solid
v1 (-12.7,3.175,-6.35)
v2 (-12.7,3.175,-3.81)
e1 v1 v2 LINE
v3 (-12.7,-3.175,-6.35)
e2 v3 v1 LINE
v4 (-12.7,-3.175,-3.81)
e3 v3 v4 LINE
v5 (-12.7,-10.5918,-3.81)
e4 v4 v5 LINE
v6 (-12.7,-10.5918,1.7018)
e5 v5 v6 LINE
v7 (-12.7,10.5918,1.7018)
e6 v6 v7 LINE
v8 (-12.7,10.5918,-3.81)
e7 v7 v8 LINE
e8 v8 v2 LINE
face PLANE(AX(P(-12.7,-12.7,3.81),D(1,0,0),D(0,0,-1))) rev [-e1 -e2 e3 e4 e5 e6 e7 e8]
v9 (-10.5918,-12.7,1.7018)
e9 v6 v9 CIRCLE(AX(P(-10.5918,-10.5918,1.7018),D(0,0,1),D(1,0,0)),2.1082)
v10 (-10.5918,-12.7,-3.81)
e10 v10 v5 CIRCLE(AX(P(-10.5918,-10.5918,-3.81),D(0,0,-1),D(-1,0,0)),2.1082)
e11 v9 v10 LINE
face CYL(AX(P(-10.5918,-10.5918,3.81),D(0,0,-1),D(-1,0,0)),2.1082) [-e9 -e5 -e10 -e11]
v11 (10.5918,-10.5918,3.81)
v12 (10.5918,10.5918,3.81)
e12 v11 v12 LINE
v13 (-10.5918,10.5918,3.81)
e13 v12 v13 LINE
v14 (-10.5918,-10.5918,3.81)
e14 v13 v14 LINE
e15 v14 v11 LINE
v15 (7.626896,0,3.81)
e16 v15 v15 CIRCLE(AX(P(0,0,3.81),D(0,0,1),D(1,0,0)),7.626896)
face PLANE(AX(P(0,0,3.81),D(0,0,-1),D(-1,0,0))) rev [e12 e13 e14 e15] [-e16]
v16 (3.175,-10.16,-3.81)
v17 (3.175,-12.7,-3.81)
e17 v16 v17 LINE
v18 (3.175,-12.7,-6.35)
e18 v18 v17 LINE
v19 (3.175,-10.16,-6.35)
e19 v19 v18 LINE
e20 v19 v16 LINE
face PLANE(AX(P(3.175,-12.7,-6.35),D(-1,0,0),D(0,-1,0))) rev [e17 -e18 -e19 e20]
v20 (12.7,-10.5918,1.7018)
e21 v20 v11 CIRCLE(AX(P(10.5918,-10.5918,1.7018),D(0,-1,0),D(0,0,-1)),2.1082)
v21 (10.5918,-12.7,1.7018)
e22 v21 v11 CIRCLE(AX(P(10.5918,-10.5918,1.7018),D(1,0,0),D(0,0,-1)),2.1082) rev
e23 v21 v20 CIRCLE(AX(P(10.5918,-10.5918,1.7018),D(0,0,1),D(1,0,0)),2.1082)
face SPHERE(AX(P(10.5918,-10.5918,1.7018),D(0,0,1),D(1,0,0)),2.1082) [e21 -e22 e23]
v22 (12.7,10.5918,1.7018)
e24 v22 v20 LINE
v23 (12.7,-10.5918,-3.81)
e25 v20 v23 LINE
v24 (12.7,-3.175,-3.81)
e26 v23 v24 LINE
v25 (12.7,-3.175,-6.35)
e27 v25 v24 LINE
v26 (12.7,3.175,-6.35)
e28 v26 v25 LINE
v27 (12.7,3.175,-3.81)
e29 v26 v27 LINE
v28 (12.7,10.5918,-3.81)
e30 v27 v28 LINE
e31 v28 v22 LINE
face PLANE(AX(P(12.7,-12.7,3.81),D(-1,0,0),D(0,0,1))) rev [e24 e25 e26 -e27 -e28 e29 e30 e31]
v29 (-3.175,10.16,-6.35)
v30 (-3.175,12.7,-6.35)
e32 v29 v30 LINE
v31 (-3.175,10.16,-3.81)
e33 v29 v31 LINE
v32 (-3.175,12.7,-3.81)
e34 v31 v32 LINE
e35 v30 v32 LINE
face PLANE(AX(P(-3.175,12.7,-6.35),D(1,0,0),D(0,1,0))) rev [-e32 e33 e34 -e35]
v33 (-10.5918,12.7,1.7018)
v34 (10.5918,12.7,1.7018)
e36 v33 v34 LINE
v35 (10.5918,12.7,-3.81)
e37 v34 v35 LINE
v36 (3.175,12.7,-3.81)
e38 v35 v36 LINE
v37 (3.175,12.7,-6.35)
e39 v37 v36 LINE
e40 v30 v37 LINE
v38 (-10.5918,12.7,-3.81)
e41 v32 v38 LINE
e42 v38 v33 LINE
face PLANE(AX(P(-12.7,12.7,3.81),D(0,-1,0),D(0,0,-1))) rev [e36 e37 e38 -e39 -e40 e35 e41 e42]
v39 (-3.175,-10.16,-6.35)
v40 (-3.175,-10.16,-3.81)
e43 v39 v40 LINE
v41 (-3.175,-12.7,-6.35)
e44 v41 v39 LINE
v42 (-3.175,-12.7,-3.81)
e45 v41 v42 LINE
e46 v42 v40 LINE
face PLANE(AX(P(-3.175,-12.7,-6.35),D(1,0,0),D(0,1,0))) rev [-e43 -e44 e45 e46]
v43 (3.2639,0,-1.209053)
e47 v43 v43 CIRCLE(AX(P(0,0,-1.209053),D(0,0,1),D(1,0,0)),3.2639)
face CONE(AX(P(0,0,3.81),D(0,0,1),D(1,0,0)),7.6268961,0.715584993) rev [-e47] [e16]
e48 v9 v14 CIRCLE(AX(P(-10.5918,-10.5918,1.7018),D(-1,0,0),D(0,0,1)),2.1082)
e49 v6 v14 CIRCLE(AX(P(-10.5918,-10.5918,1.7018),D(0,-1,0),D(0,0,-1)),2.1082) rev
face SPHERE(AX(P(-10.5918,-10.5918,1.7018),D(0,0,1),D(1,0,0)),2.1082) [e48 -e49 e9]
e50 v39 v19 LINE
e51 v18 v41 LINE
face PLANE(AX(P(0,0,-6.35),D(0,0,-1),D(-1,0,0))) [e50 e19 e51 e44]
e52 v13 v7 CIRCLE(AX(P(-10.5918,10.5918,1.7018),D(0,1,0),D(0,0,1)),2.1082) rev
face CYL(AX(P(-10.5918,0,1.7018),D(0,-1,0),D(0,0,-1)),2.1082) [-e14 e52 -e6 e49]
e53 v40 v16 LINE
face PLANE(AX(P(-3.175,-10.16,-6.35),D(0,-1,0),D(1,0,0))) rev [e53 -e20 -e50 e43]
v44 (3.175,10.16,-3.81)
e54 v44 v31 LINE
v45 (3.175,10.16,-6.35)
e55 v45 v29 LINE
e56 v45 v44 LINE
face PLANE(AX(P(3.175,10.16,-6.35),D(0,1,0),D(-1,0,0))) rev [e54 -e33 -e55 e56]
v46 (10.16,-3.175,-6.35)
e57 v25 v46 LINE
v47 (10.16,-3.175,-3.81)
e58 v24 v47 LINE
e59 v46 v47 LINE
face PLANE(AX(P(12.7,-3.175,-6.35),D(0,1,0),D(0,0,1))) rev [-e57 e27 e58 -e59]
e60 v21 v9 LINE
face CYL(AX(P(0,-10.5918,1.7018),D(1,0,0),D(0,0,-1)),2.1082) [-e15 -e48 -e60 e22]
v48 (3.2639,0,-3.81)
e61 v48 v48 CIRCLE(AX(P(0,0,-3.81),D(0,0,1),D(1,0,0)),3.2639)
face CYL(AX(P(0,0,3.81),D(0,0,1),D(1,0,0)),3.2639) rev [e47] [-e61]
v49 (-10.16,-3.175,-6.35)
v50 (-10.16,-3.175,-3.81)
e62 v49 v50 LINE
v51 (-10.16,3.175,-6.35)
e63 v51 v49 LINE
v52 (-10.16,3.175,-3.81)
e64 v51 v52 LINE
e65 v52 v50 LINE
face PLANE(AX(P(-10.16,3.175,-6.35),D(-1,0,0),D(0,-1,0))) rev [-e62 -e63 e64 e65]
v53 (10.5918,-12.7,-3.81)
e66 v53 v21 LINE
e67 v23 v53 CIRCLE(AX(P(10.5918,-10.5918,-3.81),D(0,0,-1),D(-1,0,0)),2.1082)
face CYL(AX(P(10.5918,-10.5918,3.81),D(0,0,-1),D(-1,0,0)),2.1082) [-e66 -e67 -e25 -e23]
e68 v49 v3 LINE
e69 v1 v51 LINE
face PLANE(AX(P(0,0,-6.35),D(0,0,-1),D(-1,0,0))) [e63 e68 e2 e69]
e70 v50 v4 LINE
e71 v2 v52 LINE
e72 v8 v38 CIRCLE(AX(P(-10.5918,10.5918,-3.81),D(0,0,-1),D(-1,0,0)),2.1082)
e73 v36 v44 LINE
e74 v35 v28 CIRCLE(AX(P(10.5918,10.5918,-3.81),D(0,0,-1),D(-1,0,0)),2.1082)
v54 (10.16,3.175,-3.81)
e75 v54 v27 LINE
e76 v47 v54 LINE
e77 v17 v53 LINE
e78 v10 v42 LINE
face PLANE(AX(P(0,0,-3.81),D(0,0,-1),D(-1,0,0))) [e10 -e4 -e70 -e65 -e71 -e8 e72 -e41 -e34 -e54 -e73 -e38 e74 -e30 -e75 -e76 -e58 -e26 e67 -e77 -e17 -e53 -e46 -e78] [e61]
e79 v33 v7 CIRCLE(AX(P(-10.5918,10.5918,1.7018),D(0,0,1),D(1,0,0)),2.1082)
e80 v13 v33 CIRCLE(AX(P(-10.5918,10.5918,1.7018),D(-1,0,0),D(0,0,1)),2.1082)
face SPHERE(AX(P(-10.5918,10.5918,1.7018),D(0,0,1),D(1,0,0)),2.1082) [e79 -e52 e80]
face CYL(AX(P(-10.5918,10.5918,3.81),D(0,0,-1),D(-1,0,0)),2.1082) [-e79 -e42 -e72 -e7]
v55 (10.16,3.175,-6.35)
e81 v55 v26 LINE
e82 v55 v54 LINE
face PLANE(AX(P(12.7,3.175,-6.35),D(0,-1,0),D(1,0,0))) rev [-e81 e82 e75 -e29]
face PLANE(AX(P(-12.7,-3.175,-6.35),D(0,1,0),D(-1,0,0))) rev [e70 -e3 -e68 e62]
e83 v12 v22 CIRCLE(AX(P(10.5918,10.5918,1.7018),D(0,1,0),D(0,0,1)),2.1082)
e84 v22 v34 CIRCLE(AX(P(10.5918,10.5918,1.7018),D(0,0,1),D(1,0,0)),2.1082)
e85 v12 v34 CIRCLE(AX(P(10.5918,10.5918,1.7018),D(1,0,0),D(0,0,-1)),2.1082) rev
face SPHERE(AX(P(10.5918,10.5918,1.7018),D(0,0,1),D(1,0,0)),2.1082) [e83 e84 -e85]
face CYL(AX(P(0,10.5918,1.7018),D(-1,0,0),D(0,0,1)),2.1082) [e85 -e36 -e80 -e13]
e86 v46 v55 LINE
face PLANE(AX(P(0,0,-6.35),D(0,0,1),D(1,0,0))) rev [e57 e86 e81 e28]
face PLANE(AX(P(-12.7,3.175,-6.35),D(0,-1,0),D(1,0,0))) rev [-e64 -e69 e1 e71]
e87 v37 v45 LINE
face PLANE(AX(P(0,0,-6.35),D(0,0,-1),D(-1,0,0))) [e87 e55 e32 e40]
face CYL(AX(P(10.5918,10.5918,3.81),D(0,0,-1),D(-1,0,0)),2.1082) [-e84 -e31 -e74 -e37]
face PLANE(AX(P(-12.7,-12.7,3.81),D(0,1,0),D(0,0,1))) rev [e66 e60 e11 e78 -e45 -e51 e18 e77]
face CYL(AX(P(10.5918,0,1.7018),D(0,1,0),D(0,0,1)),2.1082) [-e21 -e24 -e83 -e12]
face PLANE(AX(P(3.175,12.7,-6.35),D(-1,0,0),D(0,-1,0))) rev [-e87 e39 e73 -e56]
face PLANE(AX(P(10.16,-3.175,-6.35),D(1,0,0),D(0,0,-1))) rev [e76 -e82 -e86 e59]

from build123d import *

# Parameters (mm, degrees)
SKETCH1_W           = 25.4
SKETCH1_H           = 25.4
BOSS_EXTRUDE1_DEPTH = 3.81
FILLET1_R           = 2.1082
SKETCH4_W           = 6.35
SKETCH4_H           = 2.54
SKETCH4_W_2         = 2.54
SKETCH4_H_2         = 6.35
BOSS_EXTRUDE2_DEPTH = 2.54


with BuildPart() as part:
    # Sketch1 → Boss-Extrude1 (new body, symmetric)
    with BuildSketch(Plane.XY):
        Rectangle(SKETCH1_W, SKETCH1_H)
    extrude(amount=BOSS_EXTRUDE1_DEPTH, both=True)

    # Sketch3 → CSK for 1/4 Flat Head Socket Cap Screw1 (revolve, cut)
    with BuildSketch(Plane(origin=(0, 0, 3.81), x_dir=(0, -1, 0), z_dir=(1, 0, 0))):
        Polygon((0, 0), (0, 7.62), (3.2639, 7.62), (3.2639, 5.019052874), (7.6268961, 0), align=None)
    revolve(axis=Axis((0, 0, 10.16), (0, 0, -1)), mode=Mode.SUBTRACT)

    # Fillet1
    fillet1_edges = [part.edges().sort_by_distance(p)[0] for p in [
        (-12.7, 0, 3.81),
        (0, -12.7, 3.81),
        (12.7, 0, 3.81),
        (12.7, -12.7, 0),
        (-12.7, -12.7, 0),
        (-12.7, 12.7, 0),
        (12.7, 12.7, 0),
        (0, 12.7, 3.81),
    ]]
    fillet(fillet1_edges, radius=FILLET1_R)

    # Sketch4 → Boss-Extrude2 (add)
    with BuildSketch(Plane(origin=(0, 0, -3.81), x_dir=(-1, 0, 0), z_dir=(0, 0, -1))):
        with Locations((0, 11.43)):
            Rectangle(SKETCH4_W, SKETCH4_H)
        with Locations((-11.43, 0)):
            Rectangle(SKETCH4_W_2, SKETCH4_H_2)
        with Locations((11.43, 0)):
            Rectangle(SKETCH4_W_2, SKETCH4_H_2)
        with Locations((0, -11.43)):
            Rectangle(SKETCH4_W, SKETCH4_H)
    extrude(amount=BOSS_EXTRUDE2_DEPTH)


solid = part.part
